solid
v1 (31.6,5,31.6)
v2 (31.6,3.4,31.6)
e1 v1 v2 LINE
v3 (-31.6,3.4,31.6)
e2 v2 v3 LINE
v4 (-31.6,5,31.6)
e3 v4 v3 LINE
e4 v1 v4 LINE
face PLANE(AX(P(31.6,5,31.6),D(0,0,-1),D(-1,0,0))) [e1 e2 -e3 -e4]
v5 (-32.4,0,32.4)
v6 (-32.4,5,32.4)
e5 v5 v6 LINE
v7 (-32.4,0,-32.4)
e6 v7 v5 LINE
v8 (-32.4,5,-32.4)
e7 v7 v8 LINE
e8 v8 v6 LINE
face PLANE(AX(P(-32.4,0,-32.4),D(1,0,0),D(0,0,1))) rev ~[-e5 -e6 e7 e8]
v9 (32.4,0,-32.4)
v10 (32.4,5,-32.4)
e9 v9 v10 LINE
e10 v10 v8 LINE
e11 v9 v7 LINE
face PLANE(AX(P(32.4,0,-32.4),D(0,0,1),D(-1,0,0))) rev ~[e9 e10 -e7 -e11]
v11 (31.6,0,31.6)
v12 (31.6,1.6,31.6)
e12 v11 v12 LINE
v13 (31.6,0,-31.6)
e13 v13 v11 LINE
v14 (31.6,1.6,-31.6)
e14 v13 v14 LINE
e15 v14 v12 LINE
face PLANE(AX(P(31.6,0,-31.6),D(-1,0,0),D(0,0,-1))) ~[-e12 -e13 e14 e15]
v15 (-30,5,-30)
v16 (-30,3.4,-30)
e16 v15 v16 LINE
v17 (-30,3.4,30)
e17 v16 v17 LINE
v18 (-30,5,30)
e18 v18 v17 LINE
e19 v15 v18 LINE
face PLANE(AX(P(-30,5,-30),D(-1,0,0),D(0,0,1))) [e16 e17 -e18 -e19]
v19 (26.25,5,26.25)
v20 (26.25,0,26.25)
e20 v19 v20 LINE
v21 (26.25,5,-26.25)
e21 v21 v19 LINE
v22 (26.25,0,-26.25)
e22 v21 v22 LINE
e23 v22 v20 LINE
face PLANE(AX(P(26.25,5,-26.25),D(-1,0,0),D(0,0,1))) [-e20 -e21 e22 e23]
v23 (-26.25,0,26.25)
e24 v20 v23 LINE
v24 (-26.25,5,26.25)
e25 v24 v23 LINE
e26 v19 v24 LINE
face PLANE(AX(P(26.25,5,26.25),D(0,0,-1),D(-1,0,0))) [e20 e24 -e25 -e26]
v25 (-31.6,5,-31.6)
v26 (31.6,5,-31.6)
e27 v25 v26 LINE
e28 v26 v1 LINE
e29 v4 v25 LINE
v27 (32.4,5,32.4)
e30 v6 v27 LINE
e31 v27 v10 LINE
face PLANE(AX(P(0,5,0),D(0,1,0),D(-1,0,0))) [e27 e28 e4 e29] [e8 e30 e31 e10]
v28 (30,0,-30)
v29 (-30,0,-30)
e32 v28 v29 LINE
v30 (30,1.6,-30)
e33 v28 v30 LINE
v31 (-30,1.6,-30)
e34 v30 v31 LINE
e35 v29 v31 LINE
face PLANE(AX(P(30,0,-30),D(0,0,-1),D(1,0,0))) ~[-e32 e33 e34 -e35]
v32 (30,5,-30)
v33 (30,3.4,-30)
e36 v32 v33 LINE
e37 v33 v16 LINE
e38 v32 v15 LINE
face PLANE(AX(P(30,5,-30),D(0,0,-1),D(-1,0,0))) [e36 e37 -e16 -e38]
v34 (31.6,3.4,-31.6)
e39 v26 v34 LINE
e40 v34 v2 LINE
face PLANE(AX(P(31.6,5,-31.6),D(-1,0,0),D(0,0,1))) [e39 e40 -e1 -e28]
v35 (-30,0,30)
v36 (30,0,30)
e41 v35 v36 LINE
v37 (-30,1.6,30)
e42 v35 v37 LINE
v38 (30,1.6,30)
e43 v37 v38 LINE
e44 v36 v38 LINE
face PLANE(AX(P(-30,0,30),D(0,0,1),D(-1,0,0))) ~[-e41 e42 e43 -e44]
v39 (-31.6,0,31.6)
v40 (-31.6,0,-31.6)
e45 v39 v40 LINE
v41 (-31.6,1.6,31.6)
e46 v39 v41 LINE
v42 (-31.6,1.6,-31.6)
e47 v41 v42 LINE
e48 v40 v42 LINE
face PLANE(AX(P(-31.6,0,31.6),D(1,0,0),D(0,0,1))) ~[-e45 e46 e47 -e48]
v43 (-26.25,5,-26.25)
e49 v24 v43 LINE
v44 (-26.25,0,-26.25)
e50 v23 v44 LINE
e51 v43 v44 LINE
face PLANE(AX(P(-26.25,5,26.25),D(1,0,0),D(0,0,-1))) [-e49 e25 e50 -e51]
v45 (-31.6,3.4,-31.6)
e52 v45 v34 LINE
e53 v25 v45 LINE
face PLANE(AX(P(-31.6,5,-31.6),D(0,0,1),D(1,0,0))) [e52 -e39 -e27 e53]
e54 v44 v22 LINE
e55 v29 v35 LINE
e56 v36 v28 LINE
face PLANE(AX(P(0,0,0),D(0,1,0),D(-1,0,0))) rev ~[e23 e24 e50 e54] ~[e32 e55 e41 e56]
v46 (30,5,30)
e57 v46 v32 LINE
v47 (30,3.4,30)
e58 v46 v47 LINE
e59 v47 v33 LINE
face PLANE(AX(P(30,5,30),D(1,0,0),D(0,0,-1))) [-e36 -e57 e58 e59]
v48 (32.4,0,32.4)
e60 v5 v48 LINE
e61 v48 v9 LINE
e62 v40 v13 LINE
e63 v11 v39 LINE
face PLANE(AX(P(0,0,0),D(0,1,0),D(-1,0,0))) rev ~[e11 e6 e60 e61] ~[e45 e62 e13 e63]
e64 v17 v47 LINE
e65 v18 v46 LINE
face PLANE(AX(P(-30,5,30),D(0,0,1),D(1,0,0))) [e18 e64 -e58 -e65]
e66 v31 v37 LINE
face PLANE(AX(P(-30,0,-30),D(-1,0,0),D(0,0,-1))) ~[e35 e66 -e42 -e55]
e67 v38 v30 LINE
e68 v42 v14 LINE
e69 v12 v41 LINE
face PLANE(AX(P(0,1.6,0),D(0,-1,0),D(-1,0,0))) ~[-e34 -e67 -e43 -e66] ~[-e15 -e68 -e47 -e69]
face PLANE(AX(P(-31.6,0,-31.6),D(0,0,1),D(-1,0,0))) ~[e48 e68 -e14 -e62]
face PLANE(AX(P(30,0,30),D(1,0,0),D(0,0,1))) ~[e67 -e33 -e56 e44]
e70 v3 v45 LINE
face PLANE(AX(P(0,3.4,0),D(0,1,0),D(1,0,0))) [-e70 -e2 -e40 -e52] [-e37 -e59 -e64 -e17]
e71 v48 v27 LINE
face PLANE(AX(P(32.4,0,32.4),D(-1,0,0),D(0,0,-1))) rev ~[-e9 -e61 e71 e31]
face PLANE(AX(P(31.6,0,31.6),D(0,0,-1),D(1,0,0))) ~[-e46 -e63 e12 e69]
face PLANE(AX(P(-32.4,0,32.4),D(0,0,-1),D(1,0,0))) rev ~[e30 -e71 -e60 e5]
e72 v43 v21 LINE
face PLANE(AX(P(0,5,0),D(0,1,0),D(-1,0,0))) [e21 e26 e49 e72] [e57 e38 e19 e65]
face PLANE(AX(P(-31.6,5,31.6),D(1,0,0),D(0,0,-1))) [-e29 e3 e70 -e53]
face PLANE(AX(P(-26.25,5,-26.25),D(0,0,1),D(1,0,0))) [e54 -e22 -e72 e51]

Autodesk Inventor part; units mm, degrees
ref_plane "YZ Plane" through (0, 0, 0) normal (1, 0, 0) x (0, 1, 0)
ref_plane "XZ Plane" through (0, 0, 0) normal (0, 1, 0) x (-1, 0, 0)
sketch "스케치1" plane through (0, 0, 0) normal (0, 1, 0) x (-1, 0, 0)
  line L0 (-32.4, -32.4) -> (32.4, -32.4)
  line L1 (32.4, -32.4) -> (32.4, 32.4)
  line L2 (32.4, 32.4) -> (-32.4, 32.4)
  line L3 (-32.4, 32.4) -> (-32.4, -32.4)
  line L4 (-32.4, -32.4) -> (32.4, 32.4) construction
  line L5 (32.4, -32.4) -> (-32.4, 32.4) construction
  line L6 (-30, 30) -> (30, 30)
  line L7 (30, 30) -> (30, -30)
  line L8 (30, -30) -> (-30, -30)
  line L9 (-30, -30) -> (-30, 30)
  line L10 (-30, 30) -> (30, -30) construction
  line L11 (30, 30) -> (-30, -30) construction
  point P0 (0, 0)
  dimension "d13" = 60
  dimension "d14" = 60
  dimension "d15" = 2.4
  dimension "d16" = 2.4
extrude "돌출1" add sketch "스케치1" along normal blind 5 contours L3 L2 L1 L0 | L6 L7 L8 L9
sketch "스케치2" plane through (0, 5, 0) normal (0, 1, 0) x (1, 0, 0)
  line L0 (30, 30) -> (-30, 30)
  line L1 (-30, 30) -> (-30, -30)
  line L2 (-30, -30) -> (30, -30)
  line L3 (30, -30) -> (30, 30)
  line L4 (30, 30) -> (-30, -30) construction
  line L5 (-30, 30) -> (30, -30) construction
  line L6 (31.6, -31.6) -> (-31.6, -31.6)
  line L7 (-31.6, -31.6) -> (-31.6, 31.6)
  line L8 (-31.6, 31.6) -> (31.6, 31.6)
  line L9 (31.6, 31.6) -> (31.6, -31.6)
  line L10 (31.6, -31.6) -> (-31.6, 31.6) construction
  line L11 (-31.6, -31.6) -> (31.6, 31.6) construction
  point P0 (0, 0)
  dimension "d4" = 60
  dimension "d5" = 60
  dimension "d6" = 1.6
extrude "돌출2" cut sketch "스케치2" against normal blind 1.6
sketch "스케치3" plane through (0, 5, 0) normal (0, 1, 0) x (1, 0, 0)
  line L0 (26.25, -26.25) -> (-26.25, -26.25)
  line L1 (-26.25, -26.25) -> (-26.25, 26.25)
  line L2 (-26.25, 26.25) -> (26.25, 26.25)
  line L3 (26.25, 26.25) -> (26.25, -26.25)
  line L4 (26.25, -26.25) -> (-26.25, 26.25) construction
  line L5 (-26.25, -26.25) -> (26.25, 26.25) construction
  point P0 (0, 0)
  dimension "d9" = 52.5
  dimension "d10" = 52.5
extrude "돌출3" cut sketch "스케치3" against normal blind 5
ref_plane "작업 평면1" through (0, 2.5, 0) normal (0, 1, 0) x (1, 0, 0)
mirror "미러1" about plane through (0, 2.5, 0) normal (0, 1, 0) of "돌출2"
properties part number "사각형 OV-PAM 5패턴 링"
